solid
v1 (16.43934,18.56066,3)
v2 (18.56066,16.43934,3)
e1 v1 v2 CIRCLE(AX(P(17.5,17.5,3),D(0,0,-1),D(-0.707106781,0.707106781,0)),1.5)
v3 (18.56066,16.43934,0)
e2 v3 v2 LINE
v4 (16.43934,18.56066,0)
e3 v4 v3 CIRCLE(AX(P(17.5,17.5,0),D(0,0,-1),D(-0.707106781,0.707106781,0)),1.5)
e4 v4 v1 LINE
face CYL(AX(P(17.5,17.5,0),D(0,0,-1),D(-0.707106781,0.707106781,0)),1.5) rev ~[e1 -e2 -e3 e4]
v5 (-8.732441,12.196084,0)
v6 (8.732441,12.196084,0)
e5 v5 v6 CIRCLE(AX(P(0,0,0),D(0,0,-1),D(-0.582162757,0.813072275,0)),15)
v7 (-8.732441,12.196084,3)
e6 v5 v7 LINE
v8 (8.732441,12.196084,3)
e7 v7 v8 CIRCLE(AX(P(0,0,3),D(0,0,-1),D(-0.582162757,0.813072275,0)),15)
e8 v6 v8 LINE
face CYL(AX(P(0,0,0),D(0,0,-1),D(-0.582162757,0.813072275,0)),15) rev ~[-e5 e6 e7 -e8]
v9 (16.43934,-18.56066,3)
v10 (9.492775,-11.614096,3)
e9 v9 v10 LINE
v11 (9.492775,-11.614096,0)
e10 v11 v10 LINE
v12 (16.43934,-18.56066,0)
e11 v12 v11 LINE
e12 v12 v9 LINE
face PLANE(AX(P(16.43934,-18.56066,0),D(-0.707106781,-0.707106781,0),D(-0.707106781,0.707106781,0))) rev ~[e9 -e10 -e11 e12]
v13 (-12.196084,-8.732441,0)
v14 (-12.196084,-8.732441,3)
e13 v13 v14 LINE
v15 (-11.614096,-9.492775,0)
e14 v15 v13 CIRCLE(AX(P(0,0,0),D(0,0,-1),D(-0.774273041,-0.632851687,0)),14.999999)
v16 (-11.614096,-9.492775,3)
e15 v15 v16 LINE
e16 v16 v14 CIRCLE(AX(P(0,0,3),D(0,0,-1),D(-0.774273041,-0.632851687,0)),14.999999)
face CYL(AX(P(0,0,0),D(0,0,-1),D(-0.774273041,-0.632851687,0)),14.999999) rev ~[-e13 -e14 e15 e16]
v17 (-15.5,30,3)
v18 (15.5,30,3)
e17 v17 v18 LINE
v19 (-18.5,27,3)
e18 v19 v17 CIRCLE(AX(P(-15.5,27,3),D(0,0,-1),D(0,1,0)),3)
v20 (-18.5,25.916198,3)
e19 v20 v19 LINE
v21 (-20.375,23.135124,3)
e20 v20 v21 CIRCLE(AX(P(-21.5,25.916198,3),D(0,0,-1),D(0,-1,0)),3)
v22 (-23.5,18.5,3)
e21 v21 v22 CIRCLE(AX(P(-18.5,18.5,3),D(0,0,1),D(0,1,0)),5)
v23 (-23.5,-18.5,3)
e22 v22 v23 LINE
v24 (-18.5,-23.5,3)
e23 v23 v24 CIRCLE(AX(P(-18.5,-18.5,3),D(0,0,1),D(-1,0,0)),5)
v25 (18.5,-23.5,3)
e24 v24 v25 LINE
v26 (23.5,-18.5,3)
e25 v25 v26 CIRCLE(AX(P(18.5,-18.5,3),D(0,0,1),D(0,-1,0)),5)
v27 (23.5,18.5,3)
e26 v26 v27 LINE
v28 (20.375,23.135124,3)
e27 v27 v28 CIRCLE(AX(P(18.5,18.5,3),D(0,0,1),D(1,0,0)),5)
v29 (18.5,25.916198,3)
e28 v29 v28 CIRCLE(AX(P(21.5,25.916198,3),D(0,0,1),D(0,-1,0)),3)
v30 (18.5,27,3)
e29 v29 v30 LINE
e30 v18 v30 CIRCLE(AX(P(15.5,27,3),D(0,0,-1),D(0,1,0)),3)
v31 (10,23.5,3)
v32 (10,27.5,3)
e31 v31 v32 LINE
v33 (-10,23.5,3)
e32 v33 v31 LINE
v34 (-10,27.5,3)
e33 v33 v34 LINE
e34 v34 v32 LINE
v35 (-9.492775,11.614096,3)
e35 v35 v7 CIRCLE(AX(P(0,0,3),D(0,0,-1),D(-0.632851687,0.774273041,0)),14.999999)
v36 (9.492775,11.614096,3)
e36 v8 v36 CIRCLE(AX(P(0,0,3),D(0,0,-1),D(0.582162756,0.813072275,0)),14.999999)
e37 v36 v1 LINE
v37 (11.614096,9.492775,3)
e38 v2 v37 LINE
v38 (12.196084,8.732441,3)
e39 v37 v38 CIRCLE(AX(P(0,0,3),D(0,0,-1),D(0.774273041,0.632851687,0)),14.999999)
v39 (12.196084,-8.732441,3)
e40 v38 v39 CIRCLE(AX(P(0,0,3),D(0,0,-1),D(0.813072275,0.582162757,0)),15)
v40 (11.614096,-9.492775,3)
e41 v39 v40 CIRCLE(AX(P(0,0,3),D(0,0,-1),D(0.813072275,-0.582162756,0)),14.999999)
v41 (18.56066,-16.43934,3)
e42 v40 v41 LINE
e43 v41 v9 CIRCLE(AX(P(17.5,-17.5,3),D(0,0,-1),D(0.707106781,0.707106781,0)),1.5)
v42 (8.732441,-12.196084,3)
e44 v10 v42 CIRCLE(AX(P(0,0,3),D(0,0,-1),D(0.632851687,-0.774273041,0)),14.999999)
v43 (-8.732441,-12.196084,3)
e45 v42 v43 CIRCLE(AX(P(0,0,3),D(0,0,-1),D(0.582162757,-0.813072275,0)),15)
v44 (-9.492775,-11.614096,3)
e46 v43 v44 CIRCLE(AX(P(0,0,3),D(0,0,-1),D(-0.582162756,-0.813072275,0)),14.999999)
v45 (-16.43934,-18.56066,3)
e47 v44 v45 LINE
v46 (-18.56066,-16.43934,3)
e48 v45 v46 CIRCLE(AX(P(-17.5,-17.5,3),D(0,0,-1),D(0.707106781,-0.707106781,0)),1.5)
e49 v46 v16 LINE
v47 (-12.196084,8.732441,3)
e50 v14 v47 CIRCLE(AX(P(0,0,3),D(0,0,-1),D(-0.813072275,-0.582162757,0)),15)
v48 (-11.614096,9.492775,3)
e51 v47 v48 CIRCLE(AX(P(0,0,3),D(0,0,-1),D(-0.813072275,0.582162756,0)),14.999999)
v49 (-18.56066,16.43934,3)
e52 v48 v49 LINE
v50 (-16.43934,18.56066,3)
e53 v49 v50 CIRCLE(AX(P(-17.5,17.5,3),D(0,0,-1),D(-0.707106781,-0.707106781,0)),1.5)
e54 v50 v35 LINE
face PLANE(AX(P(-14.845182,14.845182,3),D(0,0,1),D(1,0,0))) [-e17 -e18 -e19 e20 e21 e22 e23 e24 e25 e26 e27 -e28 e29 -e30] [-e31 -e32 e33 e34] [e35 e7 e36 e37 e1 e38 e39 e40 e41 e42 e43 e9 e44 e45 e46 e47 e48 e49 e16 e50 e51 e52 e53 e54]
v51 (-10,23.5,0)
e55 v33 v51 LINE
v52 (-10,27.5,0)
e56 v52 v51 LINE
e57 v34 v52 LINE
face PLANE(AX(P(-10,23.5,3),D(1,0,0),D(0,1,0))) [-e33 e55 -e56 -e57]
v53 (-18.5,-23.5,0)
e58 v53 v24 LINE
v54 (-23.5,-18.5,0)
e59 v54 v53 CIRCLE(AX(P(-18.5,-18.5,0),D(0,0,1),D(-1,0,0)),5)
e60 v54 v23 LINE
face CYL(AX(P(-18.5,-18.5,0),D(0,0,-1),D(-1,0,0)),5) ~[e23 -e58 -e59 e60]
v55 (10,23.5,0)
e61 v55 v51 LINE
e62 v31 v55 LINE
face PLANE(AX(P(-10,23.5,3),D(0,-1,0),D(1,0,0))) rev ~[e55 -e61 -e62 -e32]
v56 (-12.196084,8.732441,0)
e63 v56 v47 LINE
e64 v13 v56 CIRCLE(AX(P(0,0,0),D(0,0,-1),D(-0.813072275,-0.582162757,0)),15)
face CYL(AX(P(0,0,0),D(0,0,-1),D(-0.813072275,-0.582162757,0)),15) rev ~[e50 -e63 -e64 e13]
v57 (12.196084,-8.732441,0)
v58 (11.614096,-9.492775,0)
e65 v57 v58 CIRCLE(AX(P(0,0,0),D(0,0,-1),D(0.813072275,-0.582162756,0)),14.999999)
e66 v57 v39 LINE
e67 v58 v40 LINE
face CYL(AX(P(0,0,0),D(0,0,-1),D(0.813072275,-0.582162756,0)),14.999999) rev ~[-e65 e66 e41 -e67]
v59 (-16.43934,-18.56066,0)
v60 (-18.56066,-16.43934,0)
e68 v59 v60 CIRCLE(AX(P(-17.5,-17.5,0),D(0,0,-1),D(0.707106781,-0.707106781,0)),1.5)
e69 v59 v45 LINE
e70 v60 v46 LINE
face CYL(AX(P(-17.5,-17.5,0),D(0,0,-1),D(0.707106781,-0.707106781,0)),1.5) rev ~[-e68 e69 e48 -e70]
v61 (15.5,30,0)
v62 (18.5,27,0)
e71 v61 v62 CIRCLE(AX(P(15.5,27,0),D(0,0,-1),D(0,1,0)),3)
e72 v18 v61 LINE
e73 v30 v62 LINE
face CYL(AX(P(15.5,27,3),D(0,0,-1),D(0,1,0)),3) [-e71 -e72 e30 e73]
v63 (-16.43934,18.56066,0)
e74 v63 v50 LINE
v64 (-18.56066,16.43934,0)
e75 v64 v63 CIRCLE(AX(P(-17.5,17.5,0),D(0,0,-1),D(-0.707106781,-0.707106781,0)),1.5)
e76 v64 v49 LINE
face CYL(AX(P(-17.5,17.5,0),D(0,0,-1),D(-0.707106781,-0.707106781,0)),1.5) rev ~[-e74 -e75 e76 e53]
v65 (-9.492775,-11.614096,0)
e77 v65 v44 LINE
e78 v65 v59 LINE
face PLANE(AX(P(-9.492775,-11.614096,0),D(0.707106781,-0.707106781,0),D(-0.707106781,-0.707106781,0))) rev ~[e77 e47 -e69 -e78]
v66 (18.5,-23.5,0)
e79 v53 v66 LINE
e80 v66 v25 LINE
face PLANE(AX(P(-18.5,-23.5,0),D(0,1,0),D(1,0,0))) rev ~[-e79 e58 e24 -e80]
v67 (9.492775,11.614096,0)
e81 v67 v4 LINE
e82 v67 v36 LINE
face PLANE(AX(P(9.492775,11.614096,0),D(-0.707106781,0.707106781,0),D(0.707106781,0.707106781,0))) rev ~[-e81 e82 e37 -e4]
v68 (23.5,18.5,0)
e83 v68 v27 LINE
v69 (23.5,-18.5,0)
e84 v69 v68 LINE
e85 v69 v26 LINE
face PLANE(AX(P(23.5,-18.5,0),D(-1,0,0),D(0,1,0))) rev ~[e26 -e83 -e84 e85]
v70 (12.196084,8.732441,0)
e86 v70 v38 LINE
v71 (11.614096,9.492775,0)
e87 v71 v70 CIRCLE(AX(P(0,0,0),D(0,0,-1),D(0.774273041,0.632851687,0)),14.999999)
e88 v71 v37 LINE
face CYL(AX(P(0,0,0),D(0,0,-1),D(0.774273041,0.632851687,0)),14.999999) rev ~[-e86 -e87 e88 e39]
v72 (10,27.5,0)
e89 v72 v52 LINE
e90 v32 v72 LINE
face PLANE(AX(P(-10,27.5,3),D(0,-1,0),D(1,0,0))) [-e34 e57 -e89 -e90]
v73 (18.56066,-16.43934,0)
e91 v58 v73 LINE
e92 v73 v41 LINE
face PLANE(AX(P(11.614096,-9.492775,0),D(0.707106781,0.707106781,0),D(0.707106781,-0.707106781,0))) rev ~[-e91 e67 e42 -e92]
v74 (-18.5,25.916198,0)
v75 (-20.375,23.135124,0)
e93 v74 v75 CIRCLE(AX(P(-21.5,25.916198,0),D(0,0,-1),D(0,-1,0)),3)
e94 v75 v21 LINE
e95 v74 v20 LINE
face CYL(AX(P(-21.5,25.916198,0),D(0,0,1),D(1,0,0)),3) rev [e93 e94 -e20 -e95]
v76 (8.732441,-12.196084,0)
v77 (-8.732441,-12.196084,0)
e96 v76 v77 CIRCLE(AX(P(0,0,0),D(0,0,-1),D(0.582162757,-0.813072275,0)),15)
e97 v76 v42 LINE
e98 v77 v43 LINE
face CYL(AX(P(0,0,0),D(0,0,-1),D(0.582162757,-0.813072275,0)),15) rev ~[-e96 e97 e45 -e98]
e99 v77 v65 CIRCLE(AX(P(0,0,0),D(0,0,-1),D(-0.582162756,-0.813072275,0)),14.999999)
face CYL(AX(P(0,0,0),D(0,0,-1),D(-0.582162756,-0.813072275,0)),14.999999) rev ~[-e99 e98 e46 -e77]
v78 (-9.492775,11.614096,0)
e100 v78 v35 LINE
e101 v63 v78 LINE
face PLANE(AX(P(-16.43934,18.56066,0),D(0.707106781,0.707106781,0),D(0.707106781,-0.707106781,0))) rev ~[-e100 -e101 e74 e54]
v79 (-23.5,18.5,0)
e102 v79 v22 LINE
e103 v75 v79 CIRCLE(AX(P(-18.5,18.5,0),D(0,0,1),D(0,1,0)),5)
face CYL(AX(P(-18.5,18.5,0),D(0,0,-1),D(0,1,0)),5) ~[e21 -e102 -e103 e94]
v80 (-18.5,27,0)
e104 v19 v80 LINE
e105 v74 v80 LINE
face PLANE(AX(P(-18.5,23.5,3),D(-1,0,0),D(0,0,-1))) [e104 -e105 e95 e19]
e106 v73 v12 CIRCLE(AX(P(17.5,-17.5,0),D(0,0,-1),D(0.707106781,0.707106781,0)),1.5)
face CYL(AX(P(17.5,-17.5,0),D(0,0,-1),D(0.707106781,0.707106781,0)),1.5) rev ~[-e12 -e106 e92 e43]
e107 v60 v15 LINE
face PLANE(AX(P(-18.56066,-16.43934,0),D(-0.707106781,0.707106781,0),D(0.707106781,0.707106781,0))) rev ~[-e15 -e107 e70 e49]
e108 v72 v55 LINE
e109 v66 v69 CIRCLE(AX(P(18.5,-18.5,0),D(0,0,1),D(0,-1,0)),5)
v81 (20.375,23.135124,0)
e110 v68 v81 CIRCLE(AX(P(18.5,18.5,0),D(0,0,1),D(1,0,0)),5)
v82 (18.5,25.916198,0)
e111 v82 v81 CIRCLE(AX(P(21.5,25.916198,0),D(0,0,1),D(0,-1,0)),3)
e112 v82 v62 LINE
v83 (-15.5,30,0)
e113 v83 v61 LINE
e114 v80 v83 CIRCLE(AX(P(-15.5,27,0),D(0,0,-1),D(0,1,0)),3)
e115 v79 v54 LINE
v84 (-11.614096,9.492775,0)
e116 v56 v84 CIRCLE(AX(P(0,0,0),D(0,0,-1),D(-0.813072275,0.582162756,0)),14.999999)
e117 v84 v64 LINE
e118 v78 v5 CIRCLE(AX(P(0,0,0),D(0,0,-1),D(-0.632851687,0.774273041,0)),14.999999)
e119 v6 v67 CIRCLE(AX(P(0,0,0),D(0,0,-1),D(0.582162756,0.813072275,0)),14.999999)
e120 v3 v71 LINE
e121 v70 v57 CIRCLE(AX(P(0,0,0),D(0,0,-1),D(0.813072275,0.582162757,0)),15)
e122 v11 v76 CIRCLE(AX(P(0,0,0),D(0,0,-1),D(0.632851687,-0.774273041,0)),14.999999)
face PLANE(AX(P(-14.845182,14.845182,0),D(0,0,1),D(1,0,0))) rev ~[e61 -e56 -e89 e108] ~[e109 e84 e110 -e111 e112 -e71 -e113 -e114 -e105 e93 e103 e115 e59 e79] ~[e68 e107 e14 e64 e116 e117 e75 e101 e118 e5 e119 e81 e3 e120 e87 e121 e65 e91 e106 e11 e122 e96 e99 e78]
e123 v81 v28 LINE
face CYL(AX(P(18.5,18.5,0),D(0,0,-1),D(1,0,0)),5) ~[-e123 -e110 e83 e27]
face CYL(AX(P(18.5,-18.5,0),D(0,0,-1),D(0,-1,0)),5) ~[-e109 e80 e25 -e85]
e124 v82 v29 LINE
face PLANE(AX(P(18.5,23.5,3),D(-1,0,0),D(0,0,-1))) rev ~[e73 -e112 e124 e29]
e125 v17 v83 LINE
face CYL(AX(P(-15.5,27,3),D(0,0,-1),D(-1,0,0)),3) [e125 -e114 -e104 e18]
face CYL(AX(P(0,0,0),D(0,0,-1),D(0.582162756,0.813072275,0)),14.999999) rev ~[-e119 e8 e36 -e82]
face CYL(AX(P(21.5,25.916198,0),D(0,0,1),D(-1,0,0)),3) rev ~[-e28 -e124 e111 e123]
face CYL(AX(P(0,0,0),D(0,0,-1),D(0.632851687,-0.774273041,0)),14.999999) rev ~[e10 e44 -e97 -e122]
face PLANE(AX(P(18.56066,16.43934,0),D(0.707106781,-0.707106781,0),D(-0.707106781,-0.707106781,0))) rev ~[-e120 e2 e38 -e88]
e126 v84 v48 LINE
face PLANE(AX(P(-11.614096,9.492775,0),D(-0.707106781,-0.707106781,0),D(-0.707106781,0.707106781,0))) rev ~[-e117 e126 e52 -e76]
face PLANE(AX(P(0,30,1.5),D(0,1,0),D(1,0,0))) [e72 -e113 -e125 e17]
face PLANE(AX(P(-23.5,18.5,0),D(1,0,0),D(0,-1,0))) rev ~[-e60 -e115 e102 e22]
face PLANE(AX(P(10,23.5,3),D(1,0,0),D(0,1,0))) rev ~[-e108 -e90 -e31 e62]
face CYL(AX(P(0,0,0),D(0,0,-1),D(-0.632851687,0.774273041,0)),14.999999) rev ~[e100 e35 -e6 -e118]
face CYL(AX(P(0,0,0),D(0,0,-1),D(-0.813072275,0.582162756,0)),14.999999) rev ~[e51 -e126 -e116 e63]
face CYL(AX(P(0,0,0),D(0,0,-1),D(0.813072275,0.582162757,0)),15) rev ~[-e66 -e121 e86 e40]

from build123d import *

# Parameters (mm, degrees)
EXTRUDE_1_DEPTH     = 3
SKETCH_2_W          = 37
SKETCH_2_H          = 3
EXTRUDE_2_DEPTH     = 6.5
SKETCH_3_W          = 20
SKETCH_3_H          = 4
CUT_EXTRUDE_1_DEPTH = 5
FILLET_2_R          = 3
EXTRUDE_START       = -3
EXTRUDE_4_DEPTH     = 3


with BuildPart() as part:
    # 草图1 → 凸台-拉伸1 (new body)
    with BuildSketch(Plane.XY):
        with BuildLine():
            Line((18.5, 23.5), (-18.5, 23.5))
            ThreePointArc((-18.5, 23.5), (-22.035533906, 22.035533906), (-23.5, 18.5))
            Line((-23.5, 18.5), (-23.5, -18.5))
            ThreePointArc((-23.5, -18.5), (-22.035533906, -22.035533906), (-18.5, -23.5))
            Line((-18.5, -23.5), (18.5, -23.5))
            ThreePointArc((18.5, -23.5), (22.035533906, -22.035533906), (23.5, -18.5))
            Line((23.5, -18.5), (23.5, 18.5))
            ThreePointArc((23.5, 18.5), (22.035533906, 22.035533906), (18.5, 23.5))
        make_face()
        with BuildLine():
            Line((-12.196084122, 8.732441359), (-19.231821381, 15.768178619))
            ThreePointArc((-19.231821381, 15.768178619), (-19.231821381, 19.231821381), (-15.768178619, 19.231821381))
            Line((-15.768178619, 19.231821381), (-8.732441359, 12.196084122))
            ThreePointArc((-8.732441359, 12.196084122), (0, 15), (8.732441359, 12.196084122))
            Line((8.732441359, 12.196084122), (15.768178619, 19.231821381))
            ThreePointArc((15.768178619, 19.231821381), (19.231821381, 19.231821381), (19.231821381, 15.768178619))
            Line((19.231821381, 15.768178619), (12.196084122, 8.732441359))
            ThreePointArc((12.196084122, 8.732441359), (15, 0), (12.196084122, -8.732441359))
            Line((12.196084122, -8.732441359), (19.231821381, -15.768178619))
            ThreePointArc((19.231821381, -15.768178619), (19.231821381, -19.231821381), (15.768178619, -19.231821381))
            Line((15.768178619, -19.231821381), (8.732441359, -12.196084122))
            ThreePointArc((8.732441359, -12.196084122), (0, -15), (-8.732441359, -12.196084122))
            Line((-8.732441359, -12.196084122), (-15.768178619, -19.231821381))
            ThreePointArc((-15.768178619, -19.231821381), (-19.231821381, -19.231821381), (-19.231821381, -15.768178619))
            Line((-19.231821381, -15.768178619), (-12.196084122, -8.732441359))
            ThreePointArc((-12.196084122, -8.732441359), (-15, 0), (-12.196084122, 8.732441359))
        make_face(mode=Mode.SUBTRACT)
    extrude(amount=EXTRUDE_1_DEPTH)

    # 草图2 → 凸台-拉伸2 (add)
    with BuildSketch(Plane(origin=(0, 23.5, 0), x_dir=(1, 0, 0), z_dir=(0, 1, 0))):
        with Locations((0, -1.5)):
            Rectangle(SKETCH_2_W, SKETCH_2_H)
    extrude(amount=EXTRUDE_2_DEPTH)

    # 草图3 → 切除-拉伸1 (cut)
    with BuildSketch(Plane.XY.offset(3)):
        with Locations((0, 25.5)):
            Rectangle(SKETCH_3_W, SKETCH_3_H)
    extrude(amount=-CUT_EXTRUDE_1_DEPTH, mode=Mode.SUBTRACT)

    # 圆角2
    fillet_2_edges = [part.edges().sort_by_distance(p)[0] for p in [
        (18.5, 23.5, 1.5),
        (18.5, 30, 1.5),
        (-18.5, 30, 1.5),
        (-18.5, 23.5, 1.5),
    ]]
    fillet(fillet_2_edges, radius=FILLET_2_R)

    # 草图5 → 凸台-拉伸4 (add)
    with BuildSketch(Plane.XY.offset(3).offset(EXTRUDE_START)):
        with BuildLine():
            ThreePointArc((-15.768178619, 19.231821381), (-19.231821381, 19.231821381), (-19.231821381, 15.768178619))
            Line((-19.231821381, 15.768178619), (-12.196084122, 8.732441359))
            ThreePointArc((-12.196084122, 8.732441359), (-11.911158294, 9.11725332), (-11.614095631, 9.492775288))
            Line((-11.614095631, 9.492775288), (-18.560660172, 16.439339828))
            ThreePointArc((-18.560660172, 16.439339828), (-18.560660172, 18.560660172), (-16.439339828, 18.560660172))
            Line((-16.439339828, 18.560660172), (-9.492775288, 11.614095631))
            ThreePointArc((-9.492775288, 11.614095631), (-9.11725332, 11.911158294), (-8.732441359, 12.196084122))
            Line((-8.732441359, 12.196084122), (-15.768178619, 19.231821381))
        make_face()
        with BuildLine():
            ThreePointArc((-11.614095631, -9.492775288), (-11.911158294, -9.11725332), (-12.196084122, -8.732441359))
            Line((-12.196084122, -8.732441359), (-19.231821381, -15.768178619))
            ThreePointArc((-19.231821381, -15.768178619), (-19.231821381, -19.231821381), (-15.768178619, -19.231821381))
            Line((-15.768178619, -19.231821381), (-8.732441359, -12.196084122))
            ThreePointArc((-8.732441359, -12.196084122), (-9.11725332, -11.911158294), (-9.492775288, -11.614095631))
            Line((-9.492775288, -11.614095631), (-16.439339828, -18.560660172))
            ThreePointArc((-16.439339828, -18.560660172), (-18.560660172, -18.560660172), (-18.560660172, -16.439339828))
            Line((-18.560660172, -16.439339828), (-11.614095631, -9.492775288))
        make_face()
        with BuildLine():
            Line((15.768178619, 19.231821381), (8.732441359, 12.196084122))
            ThreePointArc((8.732441359, 12.196084122), (9.11725332, 11.911158294), (9.492775288, 11.614095631))
            Line((9.492775288, 11.614095631), (16.439339828, 18.560660172))
            ThreePointArc((16.439339828, 18.560660172), (18.560660172, 18.560660172), (18.560660172, 16.439339828))
            Line((18.560660172, 16.439339828), (11.614095631, 9.492775288))
            ThreePointArc((11.614095631, 9.492775288), (11.911158294, 9.11725332), (12.196084122, 8.732441359))
            Line((12.196084122, 8.732441359), (19.231821381, 15.768178619))
            ThreePointArc((19.231821381, 15.768178619), (19.231821381, 19.231821381), (15.768178619, 19.231821381))
        make_face()
        with BuildLine():
            ThreePointArc((9.492775288, -11.614095631), (9.11725332, -11.911158294), (8.732441359, -12.196084122))
            Line((8.732441359, -12.196084122), (15.768178619, -19.231821381))
            ThreePointArc((15.768178619, -19.231821381), (19.231821381, -19.231821381), (19.231821381, -15.768178619))
            Line((19.231821381, -15.768178619), (12.196084122, -8.732441359))
            ThreePointArc((12.196084122, -8.732441359), (11.911158294, -9.11725332), (11.614095631, -9.492775288))
            Line((11.614095631, -9.492775288), (18.560660172, -16.439339828))
            ThreePointArc((18.560660172, -16.439339828), (18.560660172, -18.560660172), (16.439339828, -18.560660172))
            Line((16.439339828, -18.560660172), (9.492775288, -11.614095631))
        make_face()
    extrude(amount=EXTRUDE_4_DEPTH)


solid = part.part
